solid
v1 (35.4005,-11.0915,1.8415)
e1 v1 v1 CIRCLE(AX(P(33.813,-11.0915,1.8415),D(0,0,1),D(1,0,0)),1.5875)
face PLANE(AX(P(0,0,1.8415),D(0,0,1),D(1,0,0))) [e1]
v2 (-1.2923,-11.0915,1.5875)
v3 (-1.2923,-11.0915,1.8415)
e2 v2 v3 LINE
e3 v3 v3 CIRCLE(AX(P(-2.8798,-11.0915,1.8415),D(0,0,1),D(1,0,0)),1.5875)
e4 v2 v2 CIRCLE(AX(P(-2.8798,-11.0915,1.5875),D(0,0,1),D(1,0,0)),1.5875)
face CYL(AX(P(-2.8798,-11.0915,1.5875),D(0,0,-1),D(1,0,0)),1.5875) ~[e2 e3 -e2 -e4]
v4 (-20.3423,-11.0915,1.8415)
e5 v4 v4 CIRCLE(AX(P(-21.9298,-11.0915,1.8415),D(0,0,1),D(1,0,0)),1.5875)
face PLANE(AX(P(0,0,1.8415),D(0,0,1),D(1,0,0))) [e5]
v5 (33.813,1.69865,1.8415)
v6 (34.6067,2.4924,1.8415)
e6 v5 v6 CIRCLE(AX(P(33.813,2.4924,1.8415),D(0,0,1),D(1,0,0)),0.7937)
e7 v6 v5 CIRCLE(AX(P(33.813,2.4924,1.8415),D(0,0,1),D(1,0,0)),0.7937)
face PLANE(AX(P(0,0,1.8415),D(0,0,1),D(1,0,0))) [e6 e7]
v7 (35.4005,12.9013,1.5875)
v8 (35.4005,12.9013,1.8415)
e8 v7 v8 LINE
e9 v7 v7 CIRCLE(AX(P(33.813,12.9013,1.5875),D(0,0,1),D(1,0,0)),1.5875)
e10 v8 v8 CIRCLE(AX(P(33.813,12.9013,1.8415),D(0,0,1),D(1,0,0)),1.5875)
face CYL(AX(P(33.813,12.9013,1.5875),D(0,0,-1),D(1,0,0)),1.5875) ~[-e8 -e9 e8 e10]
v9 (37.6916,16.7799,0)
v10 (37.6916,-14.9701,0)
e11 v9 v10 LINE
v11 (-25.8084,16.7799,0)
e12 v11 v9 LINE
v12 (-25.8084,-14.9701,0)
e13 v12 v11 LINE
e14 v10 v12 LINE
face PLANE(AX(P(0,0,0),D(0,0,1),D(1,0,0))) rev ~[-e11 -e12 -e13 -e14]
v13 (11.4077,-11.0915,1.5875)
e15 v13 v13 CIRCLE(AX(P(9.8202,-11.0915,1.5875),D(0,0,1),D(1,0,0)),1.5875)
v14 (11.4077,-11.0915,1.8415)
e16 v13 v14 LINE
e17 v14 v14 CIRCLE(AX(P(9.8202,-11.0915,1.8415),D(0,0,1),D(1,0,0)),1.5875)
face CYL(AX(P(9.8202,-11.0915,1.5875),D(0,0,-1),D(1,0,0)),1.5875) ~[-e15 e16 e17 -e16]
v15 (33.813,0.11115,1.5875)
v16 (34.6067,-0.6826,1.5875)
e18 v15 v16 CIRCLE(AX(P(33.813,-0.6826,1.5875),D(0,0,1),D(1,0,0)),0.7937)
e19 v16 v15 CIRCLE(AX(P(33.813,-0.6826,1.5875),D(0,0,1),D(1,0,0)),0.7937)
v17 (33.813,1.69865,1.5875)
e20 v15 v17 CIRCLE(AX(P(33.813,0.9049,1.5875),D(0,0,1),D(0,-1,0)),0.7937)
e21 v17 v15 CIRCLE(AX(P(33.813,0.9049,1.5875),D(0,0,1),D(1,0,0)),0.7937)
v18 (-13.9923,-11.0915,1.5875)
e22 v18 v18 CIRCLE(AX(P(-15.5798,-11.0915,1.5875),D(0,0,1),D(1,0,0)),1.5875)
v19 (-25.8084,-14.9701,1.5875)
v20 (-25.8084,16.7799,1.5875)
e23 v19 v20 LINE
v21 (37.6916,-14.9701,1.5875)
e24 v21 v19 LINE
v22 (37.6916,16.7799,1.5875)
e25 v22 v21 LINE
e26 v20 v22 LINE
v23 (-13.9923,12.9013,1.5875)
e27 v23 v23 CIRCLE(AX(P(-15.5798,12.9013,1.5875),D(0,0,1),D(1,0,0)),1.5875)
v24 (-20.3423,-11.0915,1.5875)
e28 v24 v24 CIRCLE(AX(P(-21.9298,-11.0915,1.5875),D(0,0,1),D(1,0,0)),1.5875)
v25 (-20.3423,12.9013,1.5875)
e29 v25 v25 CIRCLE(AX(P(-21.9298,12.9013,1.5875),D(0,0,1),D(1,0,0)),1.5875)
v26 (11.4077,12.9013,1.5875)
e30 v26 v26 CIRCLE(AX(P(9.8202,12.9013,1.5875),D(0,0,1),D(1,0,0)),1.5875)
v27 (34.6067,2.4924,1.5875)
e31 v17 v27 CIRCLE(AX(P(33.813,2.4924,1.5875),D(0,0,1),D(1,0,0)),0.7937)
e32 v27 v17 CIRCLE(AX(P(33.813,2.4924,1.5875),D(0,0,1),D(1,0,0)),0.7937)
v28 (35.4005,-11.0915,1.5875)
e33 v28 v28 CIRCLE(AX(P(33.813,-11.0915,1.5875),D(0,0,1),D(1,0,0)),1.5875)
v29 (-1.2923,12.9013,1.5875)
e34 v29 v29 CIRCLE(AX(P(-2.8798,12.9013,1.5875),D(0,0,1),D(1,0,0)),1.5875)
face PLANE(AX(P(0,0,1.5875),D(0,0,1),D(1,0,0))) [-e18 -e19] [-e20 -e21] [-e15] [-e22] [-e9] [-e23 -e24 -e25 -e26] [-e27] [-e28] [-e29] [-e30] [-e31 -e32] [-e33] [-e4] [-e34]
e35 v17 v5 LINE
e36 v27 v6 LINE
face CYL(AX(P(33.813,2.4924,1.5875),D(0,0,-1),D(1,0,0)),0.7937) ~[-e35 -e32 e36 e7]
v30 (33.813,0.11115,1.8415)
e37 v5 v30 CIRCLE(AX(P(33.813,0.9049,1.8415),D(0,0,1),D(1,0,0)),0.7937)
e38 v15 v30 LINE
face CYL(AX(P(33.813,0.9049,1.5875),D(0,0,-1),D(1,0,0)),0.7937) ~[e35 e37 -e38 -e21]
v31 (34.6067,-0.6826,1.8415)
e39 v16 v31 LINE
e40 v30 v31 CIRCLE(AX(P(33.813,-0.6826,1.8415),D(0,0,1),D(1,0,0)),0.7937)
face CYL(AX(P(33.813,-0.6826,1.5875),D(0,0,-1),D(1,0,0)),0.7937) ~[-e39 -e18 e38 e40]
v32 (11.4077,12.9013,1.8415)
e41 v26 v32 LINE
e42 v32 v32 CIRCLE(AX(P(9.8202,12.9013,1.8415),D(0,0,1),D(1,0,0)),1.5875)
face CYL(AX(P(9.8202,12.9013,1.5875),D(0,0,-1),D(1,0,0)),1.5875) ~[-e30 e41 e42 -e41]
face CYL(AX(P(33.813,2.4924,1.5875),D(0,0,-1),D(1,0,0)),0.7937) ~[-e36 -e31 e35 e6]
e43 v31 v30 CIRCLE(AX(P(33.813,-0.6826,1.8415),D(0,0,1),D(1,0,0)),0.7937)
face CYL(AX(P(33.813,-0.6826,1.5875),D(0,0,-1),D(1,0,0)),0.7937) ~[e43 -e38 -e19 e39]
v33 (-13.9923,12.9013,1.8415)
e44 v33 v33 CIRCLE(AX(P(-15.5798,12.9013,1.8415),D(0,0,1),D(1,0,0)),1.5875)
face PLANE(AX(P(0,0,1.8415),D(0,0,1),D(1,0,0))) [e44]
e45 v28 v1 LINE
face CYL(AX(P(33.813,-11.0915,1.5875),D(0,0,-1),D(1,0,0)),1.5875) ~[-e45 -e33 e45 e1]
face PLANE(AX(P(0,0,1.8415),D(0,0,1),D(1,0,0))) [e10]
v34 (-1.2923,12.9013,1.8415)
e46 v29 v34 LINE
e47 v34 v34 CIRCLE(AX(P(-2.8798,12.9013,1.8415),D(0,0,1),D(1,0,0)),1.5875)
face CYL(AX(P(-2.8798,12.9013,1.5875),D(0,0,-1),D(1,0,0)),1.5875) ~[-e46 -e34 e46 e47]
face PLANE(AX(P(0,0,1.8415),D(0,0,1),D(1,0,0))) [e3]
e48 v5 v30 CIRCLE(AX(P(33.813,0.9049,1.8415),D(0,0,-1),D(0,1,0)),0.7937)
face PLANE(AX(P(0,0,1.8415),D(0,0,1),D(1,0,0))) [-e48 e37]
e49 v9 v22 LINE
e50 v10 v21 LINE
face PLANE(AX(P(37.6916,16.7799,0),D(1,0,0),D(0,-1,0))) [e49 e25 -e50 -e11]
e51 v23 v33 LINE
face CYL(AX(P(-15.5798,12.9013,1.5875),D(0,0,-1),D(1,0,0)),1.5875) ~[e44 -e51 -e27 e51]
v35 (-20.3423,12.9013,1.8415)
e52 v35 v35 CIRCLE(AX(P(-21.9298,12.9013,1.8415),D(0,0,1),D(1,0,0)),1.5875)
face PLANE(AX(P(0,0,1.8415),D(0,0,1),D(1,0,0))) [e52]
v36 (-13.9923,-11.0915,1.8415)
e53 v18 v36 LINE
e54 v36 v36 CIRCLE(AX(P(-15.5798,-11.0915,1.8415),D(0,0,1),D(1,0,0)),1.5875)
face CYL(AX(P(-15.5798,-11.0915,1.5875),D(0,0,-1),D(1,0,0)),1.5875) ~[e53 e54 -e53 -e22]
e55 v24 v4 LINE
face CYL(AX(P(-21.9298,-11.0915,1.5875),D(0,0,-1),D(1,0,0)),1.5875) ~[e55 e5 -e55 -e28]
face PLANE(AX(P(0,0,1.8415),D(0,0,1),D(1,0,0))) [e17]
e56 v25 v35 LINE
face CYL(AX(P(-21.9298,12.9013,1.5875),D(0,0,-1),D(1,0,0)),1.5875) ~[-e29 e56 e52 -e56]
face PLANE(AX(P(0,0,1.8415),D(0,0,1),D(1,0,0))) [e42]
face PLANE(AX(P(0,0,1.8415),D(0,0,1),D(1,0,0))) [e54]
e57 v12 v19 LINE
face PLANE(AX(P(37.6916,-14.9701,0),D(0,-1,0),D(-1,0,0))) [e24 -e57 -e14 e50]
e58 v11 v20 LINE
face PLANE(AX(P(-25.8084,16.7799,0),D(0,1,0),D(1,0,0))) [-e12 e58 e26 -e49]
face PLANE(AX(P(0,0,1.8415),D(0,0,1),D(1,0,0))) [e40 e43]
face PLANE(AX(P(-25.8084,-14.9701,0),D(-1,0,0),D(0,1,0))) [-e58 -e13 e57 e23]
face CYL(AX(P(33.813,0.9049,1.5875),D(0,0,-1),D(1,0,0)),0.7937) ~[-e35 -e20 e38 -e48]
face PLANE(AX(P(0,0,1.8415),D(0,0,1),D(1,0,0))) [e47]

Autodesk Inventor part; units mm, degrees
ref_plane "YZ Plane" through (0, 0, 0) normal (1, 0, 0) x (0, 1, 0)
ref_plane "XZ Plane" through (0, 0, 0) normal (0, 1, 0) x (-1, 0, 0)
ref_plane "XY Plane" through (0, 0, 0) normal (0, 0, 1) x (1, 0, 0)
sketch "Sketch1" plane through (0, 0, 0) normal (0, 0, 1) x (1, 0, 0)
  line L0 (-25.8084, 16.7799) -> (37.6916, 16.7799)
  line L1 (37.6916, 16.7799) -> (37.6916, -14.9701)
  line L2 (37.6916, -14.9701) -> (-25.8084, -14.9701)
  line L3 (-25.8084, -14.9701) -> (-25.8084, 16.7799)
  point P0 (0, 0)
  dimension "d0" = 31.75
  dimension "d1" = 63.5
extrude "Extrusion1" add sketch "Sketch1" along normal blind 1.5875
sketch "Sketch2" plane through (0, 0, 1.5875) normal (0, 0, 1) x (1, 0, 0)
  line L0 (37.6916, 16.7799) -> (37.6916, -14.9701) projected
  line L1 (-25.8084, 16.7799) -> (37.6916, 16.7799) projected
  line L2 (-25.8084, -14.9701) -> (-25.8084, 16.7799) projected
  line L3 (37.6916, -14.9701) -> (-25.8084, -14.9701) projected
  circle A0 centre (33.813, 12.9013) radius 1.5875
  circle A1 centre (33.813, -11.0915) radius 1.5875
  circle A2 centre (33.813, 2.4924) radius 0.7937
  circle A3 centre (33.813, 0.9049) radius 0.7937
  circle A4 centre (33.813, -0.6826) radius 0.7937
  line L4 (33.813, -14.9701) -> (33.813, 16.7799) construction
  line L5 (33.813, 2.4924) -> (33.813, 0.9049) construction
  line L6 (33.813, 0.9049) -> (33.813, -0.6826) construction
  line L7 (33.813, 12.9013) -> (33.813, 2.4924) construction
  line L8 (33.813, -11.0915) -> (33.813, -0.6826) construction
  circle A5 centre (-21.9298, 12.9013) radius 1.5875
  circle A6 centre (-21.9298, -11.0915) radius 1.5875
  line L9 (-21.9298, 16.7799) -> (-21.9298, -14.9701) construction
  line L10 (-25.8084, -11.0915) -> (37.6916, -11.0915) construction
  circle A7 centre (-15.5798, 12.9013) radius 1.5875
  circle A8 centre (-15.5798, -11.0915) radius 1.5875
  circle A9 centre (-2.8798, 12.9013) radius 1.5875
  circle A10 centre (-2.8798, -11.0915) radius 1.5875
  circle A11 centre (9.8202, 12.9013) radius 1.5875
  circle A12 centre (9.8202, -11.0915) radius 1.5875
  point P0 (0, 0)
  dimension "d4" = 3.8786
  dimension "d5" = 3.8786
  dimension "d6" = 3.8786
  dimension "d7" = 3.175
  dimension "d8" = 1.5875
  dimension "d9" = 3.175
  dimension "d10" = 3.8786
  dimension "d11" = 3.8786
  dimension "d14" = 6.35
  dimension "d21" = 12.7
  dimension "d28" = 12.7
extrude "Extrusion2" add sketch "Sketch2" along normal blind 0.254 contours A0 | A1 | A2 | A4 | A3 | A5 | A6 | A7 | A8 | A9 | A10 | A11 | A12
sketch "Sketch3" plane through (33.813, 12.9013, 1.8415) normal (0, 0, 1) x (1, 0, 0)
  circle A0 centre (0, 0) radius 1.5875 construction
sketch "Sketch4" plane through (33.813, -11.0915, 1.8415) normal (0, 0, 1) x (1, 0, 0)
  circle A0 centre (0, 0) radius 1.5875 construction
sketch "Sketch5" plane through (9.8202, 12.9013, 1.8415) normal (0, 0, 1) x (1, 0, 0)
  circle A0 centre (0, 0) radius 1.5875 construction
sketch "Sketch6" plane through (9.8202, -11.0915, 1.8415) normal (0, 0, 1) x (1, 0, 0)
  circle A0 centre (0, 0) radius 1.5875 construction
sketch "Sketch7" plane through (-2.8798, 12.9013, 1.8415) normal (0, 0, 1) x (1, 0, 0)
  circle A0 centre (0, 0) radius 1.5875 construction
sketch "Sketch8" plane through (-2.8798, -11.0915, 1.8415) normal (0, 0, 1) x (1, 0, 0)
  circle A0 centre (0, 0) radius 1.5875 construction
sketch "Sketch9" plane through (-15.5798, 12.9013, 1.8415) normal (0, 0, 1) x (1, 0, 0)
  circle A0 centre (0, 0) radius 1.5875 construction
sketch "Sketch10" plane through (-15.5798, -11.0915, 1.8415) normal (0, 0, 1) x (1, 0, 0)
  circle A0 centre (0, 0) radius 1.5875 construction
sketch "Sketch11" plane through (-21.9298, 12.9013, 1.8415) normal (0, 0, 1) x (1, 0, 0)
  circle A0 centre (0, 0) radius 1.5875 construction
sketch "Sketch12" plane through (-21.9298, -11.0915, 1.8415) normal (0, 0, 1) x (1, 0, 0)
  circle A0 centre (0, 0) radius 1.5875 construction
sketch "Sketch13" plane through (33.813, -0.6826, 1.8415) normal (0, 0, 1) x (1, 0, 0)
  circle A0 centre (0, 0) radius 0.7937 construction
  point P0 (0, 0.7937)
sketch "Sketch14" plane through (0, 0, 1.8415) normal (0, 0, 1) x (1, 0, 0)
  arc A0 (33.813, 0.1112) -> (33.813, 1.6987) centre (33.813, 0.9049) ccw construction
sketch "Sketch15" plane through (33.813, 2.4924, 1.8415) normal (0, 0, 1) x (1, 0, 0)
  circle A0 centre (0, 0) radius 0.7937 construction
  point P0 (0, -0.7937)
equation "\"d5\" = d4"
equation "\"d6\" = d4"
equation "\"d10\" = d4"
equation "\"d11\" = d4"
properties part number "PDU"
